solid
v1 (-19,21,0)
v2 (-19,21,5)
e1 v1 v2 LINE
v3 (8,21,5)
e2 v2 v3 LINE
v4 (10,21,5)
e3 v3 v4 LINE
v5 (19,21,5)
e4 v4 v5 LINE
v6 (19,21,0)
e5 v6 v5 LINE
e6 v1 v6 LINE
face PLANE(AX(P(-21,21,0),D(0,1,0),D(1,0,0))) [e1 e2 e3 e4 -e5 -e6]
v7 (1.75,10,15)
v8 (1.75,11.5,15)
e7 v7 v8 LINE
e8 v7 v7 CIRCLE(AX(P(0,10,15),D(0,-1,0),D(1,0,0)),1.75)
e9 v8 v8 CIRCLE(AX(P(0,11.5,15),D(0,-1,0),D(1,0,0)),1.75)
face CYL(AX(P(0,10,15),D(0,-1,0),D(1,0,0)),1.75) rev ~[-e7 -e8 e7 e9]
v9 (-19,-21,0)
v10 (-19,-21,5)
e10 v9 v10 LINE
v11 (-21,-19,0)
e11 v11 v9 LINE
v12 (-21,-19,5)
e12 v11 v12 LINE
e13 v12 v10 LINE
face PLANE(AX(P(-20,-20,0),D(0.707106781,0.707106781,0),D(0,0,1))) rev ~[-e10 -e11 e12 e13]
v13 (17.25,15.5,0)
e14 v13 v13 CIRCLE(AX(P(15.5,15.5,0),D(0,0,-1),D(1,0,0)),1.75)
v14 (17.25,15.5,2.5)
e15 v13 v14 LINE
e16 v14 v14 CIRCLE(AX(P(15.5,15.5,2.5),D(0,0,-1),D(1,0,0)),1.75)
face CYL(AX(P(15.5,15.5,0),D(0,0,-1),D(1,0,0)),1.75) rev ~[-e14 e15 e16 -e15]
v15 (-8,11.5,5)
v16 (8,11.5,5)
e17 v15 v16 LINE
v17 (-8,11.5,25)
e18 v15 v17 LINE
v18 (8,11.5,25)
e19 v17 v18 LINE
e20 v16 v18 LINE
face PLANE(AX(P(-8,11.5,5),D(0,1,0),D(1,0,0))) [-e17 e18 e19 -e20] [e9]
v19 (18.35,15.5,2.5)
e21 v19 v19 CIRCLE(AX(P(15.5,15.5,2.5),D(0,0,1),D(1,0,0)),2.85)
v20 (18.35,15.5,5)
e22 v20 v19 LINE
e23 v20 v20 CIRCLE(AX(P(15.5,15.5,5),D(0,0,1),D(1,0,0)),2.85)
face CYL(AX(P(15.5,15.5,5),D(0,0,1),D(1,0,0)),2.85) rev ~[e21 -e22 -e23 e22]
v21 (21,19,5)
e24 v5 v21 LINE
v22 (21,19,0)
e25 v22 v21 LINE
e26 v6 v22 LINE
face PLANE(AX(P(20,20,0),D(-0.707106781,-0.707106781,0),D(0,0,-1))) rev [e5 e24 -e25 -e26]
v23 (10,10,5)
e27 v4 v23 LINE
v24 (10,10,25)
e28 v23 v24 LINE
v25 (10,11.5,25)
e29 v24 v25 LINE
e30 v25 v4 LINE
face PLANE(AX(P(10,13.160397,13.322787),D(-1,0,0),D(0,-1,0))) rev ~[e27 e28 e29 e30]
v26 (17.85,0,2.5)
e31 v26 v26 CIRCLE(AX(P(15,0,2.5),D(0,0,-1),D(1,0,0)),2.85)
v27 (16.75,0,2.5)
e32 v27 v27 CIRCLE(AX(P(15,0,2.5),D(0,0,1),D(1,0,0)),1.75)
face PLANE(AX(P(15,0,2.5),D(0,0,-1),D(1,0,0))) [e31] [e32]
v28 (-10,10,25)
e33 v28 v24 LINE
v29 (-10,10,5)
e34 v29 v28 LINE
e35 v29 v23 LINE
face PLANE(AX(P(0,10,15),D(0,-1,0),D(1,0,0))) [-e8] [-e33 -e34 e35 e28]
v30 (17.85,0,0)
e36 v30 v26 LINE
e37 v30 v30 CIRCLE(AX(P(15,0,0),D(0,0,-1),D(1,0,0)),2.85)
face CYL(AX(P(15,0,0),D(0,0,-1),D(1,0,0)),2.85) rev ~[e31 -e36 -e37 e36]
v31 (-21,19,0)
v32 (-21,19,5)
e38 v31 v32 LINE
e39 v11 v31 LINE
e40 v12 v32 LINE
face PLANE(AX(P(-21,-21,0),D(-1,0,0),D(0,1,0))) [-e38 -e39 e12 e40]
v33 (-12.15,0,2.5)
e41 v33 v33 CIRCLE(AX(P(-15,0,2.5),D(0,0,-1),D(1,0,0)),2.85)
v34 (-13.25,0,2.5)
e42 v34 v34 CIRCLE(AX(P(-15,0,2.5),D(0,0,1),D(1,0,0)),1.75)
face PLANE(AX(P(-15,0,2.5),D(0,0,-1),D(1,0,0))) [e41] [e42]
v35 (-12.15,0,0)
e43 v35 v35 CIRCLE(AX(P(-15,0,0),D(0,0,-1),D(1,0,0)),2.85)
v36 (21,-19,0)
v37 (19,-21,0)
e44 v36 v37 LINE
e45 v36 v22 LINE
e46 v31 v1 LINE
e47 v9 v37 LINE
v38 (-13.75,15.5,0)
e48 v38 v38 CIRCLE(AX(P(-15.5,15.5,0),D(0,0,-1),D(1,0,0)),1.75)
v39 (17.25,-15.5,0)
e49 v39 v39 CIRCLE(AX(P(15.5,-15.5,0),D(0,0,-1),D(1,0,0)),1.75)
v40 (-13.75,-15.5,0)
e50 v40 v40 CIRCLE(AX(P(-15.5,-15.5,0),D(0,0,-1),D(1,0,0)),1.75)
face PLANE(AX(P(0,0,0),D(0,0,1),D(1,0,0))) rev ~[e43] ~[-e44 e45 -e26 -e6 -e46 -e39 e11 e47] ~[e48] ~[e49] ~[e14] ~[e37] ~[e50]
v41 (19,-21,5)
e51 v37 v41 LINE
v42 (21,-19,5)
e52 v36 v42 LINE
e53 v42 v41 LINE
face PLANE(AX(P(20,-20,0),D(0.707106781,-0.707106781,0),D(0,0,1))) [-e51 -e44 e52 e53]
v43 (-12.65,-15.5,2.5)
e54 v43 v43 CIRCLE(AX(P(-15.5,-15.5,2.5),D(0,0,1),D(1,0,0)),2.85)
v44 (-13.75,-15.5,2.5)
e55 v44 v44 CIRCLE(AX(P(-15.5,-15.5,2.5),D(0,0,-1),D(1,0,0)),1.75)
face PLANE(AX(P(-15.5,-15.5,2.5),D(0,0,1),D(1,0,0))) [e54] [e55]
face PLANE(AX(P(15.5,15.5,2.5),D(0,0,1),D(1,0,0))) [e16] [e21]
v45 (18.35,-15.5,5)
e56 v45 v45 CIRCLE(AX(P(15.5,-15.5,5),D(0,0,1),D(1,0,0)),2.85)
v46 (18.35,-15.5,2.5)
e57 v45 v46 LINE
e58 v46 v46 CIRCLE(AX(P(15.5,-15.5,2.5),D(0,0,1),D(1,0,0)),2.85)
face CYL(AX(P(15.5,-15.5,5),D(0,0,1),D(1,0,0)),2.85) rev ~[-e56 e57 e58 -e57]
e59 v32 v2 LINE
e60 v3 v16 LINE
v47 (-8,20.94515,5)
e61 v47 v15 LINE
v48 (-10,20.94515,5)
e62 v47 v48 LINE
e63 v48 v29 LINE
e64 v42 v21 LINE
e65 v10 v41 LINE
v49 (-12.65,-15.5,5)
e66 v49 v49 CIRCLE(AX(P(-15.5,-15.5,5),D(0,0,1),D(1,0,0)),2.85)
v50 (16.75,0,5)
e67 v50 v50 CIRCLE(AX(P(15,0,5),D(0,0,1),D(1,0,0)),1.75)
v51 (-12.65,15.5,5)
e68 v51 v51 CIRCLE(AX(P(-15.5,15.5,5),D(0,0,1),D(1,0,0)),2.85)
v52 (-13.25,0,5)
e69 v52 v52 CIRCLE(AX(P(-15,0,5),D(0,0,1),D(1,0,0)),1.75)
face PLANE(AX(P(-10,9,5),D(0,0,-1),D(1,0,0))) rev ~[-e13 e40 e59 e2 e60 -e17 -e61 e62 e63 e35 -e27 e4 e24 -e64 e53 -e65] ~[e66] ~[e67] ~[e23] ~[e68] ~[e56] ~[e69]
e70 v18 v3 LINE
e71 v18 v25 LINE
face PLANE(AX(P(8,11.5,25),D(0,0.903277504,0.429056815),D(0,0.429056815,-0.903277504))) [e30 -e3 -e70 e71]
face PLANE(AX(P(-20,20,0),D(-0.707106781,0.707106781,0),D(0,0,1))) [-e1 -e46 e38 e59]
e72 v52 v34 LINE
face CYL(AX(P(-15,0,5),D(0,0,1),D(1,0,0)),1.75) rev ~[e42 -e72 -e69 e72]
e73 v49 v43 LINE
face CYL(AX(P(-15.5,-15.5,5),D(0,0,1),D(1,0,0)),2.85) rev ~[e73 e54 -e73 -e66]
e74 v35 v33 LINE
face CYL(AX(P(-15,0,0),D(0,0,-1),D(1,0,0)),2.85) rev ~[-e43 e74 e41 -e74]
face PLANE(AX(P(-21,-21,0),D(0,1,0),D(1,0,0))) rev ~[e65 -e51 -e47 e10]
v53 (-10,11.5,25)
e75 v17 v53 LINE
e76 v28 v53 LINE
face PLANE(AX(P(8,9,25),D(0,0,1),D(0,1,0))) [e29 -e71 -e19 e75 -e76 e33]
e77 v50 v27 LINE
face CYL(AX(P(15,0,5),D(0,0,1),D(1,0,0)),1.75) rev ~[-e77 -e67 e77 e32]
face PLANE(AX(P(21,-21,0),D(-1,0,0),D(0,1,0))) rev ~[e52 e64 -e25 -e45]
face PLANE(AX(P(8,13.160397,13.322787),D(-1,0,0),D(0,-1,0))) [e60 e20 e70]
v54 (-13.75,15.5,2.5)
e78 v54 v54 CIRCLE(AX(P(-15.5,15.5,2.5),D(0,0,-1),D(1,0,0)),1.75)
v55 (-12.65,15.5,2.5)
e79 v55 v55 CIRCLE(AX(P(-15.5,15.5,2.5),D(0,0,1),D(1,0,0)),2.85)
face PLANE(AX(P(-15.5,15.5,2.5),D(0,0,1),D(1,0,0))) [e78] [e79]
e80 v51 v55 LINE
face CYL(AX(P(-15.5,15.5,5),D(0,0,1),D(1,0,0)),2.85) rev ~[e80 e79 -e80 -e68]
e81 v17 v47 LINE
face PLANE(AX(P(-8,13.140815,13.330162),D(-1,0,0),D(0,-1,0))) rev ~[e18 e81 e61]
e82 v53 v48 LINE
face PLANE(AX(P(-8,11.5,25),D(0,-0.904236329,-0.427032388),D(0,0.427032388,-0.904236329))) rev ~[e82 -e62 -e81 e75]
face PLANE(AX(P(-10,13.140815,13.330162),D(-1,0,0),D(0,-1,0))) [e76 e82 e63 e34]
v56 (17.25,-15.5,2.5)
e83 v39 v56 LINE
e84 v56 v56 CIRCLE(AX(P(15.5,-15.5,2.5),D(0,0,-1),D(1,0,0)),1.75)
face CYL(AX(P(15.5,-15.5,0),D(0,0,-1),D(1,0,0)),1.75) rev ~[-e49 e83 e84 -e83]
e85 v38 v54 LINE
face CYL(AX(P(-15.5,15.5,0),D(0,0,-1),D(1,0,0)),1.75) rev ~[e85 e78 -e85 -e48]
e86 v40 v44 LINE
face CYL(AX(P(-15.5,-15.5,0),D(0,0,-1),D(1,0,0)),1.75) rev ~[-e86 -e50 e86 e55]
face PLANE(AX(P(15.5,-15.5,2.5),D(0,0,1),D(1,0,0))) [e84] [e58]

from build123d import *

# Parameters (mm, degrees)
BOX_W           = 42
BOX_H           = 42
BOX_DEPTH       = 5
SKETCH_R        = 2.75
POCKET_DEPTH    = 2.5
SKETCH001_R     = 1.55
POCKET001_DEPTH = 5
SKETCH002_R     = 2.75
POCKET002_DEPTH = 2.5
SKETCH003_R     = 1.55
POCKET003_DEPTH = 5
CHAMFER_SIZE    = 2
CHAMFER001_SIZE = 2
CHAMFER002_SIZE = 2
CHAMFER003_SIZE = 2
SKETCH004_W     = 16
SKETCH004_H     = 2.5
PAD_DEPTH       = 20
PAD001_DEPTH    = 2
PAD002_DEPTH    = 2
SKETCH007_R     = 1.55
POCKET004_DEPTH = 5
SKETCH008_W     = 20
SKETCH008_H     = 20
POCKET005_DEPTH = 1
SKETCH010_R     = 2.85
SKETCH010_R_2   = 1.75
POCKET006_DEPTH = 2.5
SKETCH011_R     = 1.75
SKETCH011_R_2   = 2.85
POCKET007_DEPTH = 2.5
SKETCH012_R     = 1.75
POCKET008_DEPTH = 5


with BuildPart() as part:
    # Box → Box (new body)
    with BuildSketch(Plane(origin=(-21, -21, 0), x_dir=(1, 0, 0), z_dir=(0, 0, 1))):
        with Locations((21, 21)):
            Rectangle(BOX_W, BOX_H)
    extrude(amount=BOX_DEPTH)

    # Sketch → Pocket (cut)
    with BuildSketch(Plane(origin=(-21, -21, 5), x_dir=(1, 0, 0), z_dir=(0, 0, 1))):
        with Locations((5.5, 5.5)):
            Circle(SKETCH_R)
        with Locations((36.5, 5.5)):
            Circle(SKETCH_R)
        with Locations((36.5, 36.5)):
            Circle(SKETCH_R)
        with Locations((5.5, 36.5)):
            Circle(SKETCH_R)
    extrude(amount=-POCKET_DEPTH, mode=Mode.SUBTRACT)

    # Sketch001 → Pocket001 (cut)
    with BuildSketch(Plane(origin=(-21, -21, 0), x_dir=(1, 0, 0), z_dir=(0, 0, -1))):
        with Locations((5.5, -5.5)):
            Circle(SKETCH001_R)
        with Locations((36.5, -5.5)):
            Circle(SKETCH001_R)
        with Locations((36.5, -36.5)):
            Circle(SKETCH001_R)
        with Locations((5.5, -36.5)):
            Circle(SKETCH001_R)
    extrude(amount=-POCKET001_DEPTH, mode=Mode.SUBTRACT)

    # Sketch002 → Pocket002 (cut)
    with BuildSketch(Plane(origin=(-21, -21, 0), x_dir=(1, 0, 0), z_dir=(0, 0, -1))):
        with Locations((6, -21)):
            Circle(SKETCH002_R)
        with Locations((36, -21)):
            Circle(SKETCH002_R)
    extrude(amount=-POCKET002_DEPTH, mode=Mode.SUBTRACT)

    # Sketch003 → Pocket003 (cut)
    with BuildSketch(Plane(origin=(-21, -21, 5), x_dir=(1, 0, 0), z_dir=(0, 0, 1))):
        with Locations((6, 21)):
            Circle(SKETCH003_R)
        with Locations((36, 21)):
            Circle(SKETCH003_R)
    extrude(amount=-POCKET003_DEPTH, mode=Mode.SUBTRACT)

    # Chamfer
    chamfer_edges = [part.edges().sort_by_distance(p)[0] for p in [
        (-21, -21, 2.5),
    ]]
    chamfer(chamfer_edges, length=CHAMFER_SIZE)

    # Chamfer001
    chamfer001_edges = [part.edges().sort_by_distance(p)[0] for p in [
        (-21, 21, 2.5),
    ]]
    chamfer(chamfer001_edges, length=CHAMFER001_SIZE)

    # Chamfer002
    chamfer002_edges = [part.edges().sort_by_distance(p)[0] for p in [
        (21, 21, 2.5),
    ]]
    chamfer(chamfer002_edges, length=CHAMFER002_SIZE)

    # Chamfer003
    chamfer003_edges = [part.edges().sort_by_distance(p)[0] for p in [
        (21, -21, 2.5),
    ]]
    chamfer(chamfer003_edges, length=CHAMFER003_SIZE)

    # Sketch004 → Pad (new body)
    with BuildSketch(Plane(origin=(-21, -21, 5), x_dir=(1, 0, 0), z_dir=(0, 0, 1))):
        with Locations((21, 31.25)):
            Rectangle(SKETCH004_W, SKETCH004_H)
    extrude(amount=PAD_DEPTH)

    # Sketch005 → Pad001 (new body)
    with BuildSketch(Plane(origin=(-8, -21, 0), x_dir=(0, -1, 0), z_dir=(-1, 0, 0))):
        Polygon((-30, 25), (-32.5, 25), (-41.94515, 5), (-30, 5), align=None)
    extrude(amount=PAD001_DEPTH)

    # Sketch006 → Pad002 (new body)
    with BuildSketch(Plane(origin=(8, -21, 0), x_dir=(0, 1, 0), z_dir=(1, 0, 0))):
        Polygon((30, 25), (32.5, 25), (42, 5), (30, 5), align=None)
    extrude(amount=PAD002_DEPTH)

    # Sketch007 → Pocket004 (cut)
    with BuildSketch(Plane(origin=(-21, 11.5, 0), x_dir=(-1, 0, 0), z_dir=(0, 1, 0))):
        with Locations((-21, 15)):
            Circle(SKETCH007_R)
    extrude(amount=-POCKET004_DEPTH, mode=Mode.SUBTRACT)

    # Sketch008 → Pocket005 (cut)
    with BuildSketch(Plane(origin=(-21, 9, 0), x_dir=(1, 0, 0), z_dir=(0, -1, 0))):
        with Locations((21, 15)):
            Rectangle(SKETCH008_W, SKETCH008_H)
    extrude(amount=-POCKET005_DEPTH, mode=Mode.SUBTRACT)

    # Sketch010 → Pocket006 (cut)
    with BuildSketch(Plane(origin=(-21, -21, 5), x_dir=(1, 0, 0), z_dir=(0, 0, 1))):
        with Locations((5.5, 36.5)):
            Circle(SKETCH010_R)
        with Locations((5.5, 5.5)):
            Circle(SKETCH010_R)
        with Locations((36.5, 5.5)):
            Circle(SKETCH010_R)
        with Locations((36, 21)):
            Circle(SKETCH010_R_2)
        with Locations((36.5, 36.5)):
            Circle(SKETCH010_R)
        with Locations((6, 21)):
            Circle(SKETCH010_R_2)
    extrude(amount=-POCKET006_DEPTH, mode=Mode.SUBTRACT)

    # Sketch011 → Pocket007 (cut)
    with BuildSketch(Plane(origin=(-21, -21, 0), x_dir=(1, 0, 0), z_dir=(0, 0, -1))):
        with Locations((5.5, -5.5)):
            Circle(SKETCH011_R)
        with Locations((36.5, -5.5)):
            Circle(SKETCH011_R)
        with Locations((6, -21)):
            Circle(SKETCH011_R_2)
        with Locations((36, -21)):
            Circle(SKETCH011_R_2)
        with Locations((36.5, -36.5)):
            Circle(SKETCH011_R)
        with Locations((5.5, -36.5)):
            Circle(SKETCH011_R)
    extrude(amount=-POCKET007_DEPTH, mode=Mode.SUBTRACT)

    # Sketch012 → Pocket008 (cut)
    with BuildSketch(Plane(origin=(-21, 10, 0), x_dir=(1, 0, 0), z_dir=(0, -1, 0))):
        with Locations((21, 15)):
            Circle(SKETCH012_R)
    extrude(amount=-POCKET008_DEPTH, mode=Mode.SUBTRACT)


solid = part.part
